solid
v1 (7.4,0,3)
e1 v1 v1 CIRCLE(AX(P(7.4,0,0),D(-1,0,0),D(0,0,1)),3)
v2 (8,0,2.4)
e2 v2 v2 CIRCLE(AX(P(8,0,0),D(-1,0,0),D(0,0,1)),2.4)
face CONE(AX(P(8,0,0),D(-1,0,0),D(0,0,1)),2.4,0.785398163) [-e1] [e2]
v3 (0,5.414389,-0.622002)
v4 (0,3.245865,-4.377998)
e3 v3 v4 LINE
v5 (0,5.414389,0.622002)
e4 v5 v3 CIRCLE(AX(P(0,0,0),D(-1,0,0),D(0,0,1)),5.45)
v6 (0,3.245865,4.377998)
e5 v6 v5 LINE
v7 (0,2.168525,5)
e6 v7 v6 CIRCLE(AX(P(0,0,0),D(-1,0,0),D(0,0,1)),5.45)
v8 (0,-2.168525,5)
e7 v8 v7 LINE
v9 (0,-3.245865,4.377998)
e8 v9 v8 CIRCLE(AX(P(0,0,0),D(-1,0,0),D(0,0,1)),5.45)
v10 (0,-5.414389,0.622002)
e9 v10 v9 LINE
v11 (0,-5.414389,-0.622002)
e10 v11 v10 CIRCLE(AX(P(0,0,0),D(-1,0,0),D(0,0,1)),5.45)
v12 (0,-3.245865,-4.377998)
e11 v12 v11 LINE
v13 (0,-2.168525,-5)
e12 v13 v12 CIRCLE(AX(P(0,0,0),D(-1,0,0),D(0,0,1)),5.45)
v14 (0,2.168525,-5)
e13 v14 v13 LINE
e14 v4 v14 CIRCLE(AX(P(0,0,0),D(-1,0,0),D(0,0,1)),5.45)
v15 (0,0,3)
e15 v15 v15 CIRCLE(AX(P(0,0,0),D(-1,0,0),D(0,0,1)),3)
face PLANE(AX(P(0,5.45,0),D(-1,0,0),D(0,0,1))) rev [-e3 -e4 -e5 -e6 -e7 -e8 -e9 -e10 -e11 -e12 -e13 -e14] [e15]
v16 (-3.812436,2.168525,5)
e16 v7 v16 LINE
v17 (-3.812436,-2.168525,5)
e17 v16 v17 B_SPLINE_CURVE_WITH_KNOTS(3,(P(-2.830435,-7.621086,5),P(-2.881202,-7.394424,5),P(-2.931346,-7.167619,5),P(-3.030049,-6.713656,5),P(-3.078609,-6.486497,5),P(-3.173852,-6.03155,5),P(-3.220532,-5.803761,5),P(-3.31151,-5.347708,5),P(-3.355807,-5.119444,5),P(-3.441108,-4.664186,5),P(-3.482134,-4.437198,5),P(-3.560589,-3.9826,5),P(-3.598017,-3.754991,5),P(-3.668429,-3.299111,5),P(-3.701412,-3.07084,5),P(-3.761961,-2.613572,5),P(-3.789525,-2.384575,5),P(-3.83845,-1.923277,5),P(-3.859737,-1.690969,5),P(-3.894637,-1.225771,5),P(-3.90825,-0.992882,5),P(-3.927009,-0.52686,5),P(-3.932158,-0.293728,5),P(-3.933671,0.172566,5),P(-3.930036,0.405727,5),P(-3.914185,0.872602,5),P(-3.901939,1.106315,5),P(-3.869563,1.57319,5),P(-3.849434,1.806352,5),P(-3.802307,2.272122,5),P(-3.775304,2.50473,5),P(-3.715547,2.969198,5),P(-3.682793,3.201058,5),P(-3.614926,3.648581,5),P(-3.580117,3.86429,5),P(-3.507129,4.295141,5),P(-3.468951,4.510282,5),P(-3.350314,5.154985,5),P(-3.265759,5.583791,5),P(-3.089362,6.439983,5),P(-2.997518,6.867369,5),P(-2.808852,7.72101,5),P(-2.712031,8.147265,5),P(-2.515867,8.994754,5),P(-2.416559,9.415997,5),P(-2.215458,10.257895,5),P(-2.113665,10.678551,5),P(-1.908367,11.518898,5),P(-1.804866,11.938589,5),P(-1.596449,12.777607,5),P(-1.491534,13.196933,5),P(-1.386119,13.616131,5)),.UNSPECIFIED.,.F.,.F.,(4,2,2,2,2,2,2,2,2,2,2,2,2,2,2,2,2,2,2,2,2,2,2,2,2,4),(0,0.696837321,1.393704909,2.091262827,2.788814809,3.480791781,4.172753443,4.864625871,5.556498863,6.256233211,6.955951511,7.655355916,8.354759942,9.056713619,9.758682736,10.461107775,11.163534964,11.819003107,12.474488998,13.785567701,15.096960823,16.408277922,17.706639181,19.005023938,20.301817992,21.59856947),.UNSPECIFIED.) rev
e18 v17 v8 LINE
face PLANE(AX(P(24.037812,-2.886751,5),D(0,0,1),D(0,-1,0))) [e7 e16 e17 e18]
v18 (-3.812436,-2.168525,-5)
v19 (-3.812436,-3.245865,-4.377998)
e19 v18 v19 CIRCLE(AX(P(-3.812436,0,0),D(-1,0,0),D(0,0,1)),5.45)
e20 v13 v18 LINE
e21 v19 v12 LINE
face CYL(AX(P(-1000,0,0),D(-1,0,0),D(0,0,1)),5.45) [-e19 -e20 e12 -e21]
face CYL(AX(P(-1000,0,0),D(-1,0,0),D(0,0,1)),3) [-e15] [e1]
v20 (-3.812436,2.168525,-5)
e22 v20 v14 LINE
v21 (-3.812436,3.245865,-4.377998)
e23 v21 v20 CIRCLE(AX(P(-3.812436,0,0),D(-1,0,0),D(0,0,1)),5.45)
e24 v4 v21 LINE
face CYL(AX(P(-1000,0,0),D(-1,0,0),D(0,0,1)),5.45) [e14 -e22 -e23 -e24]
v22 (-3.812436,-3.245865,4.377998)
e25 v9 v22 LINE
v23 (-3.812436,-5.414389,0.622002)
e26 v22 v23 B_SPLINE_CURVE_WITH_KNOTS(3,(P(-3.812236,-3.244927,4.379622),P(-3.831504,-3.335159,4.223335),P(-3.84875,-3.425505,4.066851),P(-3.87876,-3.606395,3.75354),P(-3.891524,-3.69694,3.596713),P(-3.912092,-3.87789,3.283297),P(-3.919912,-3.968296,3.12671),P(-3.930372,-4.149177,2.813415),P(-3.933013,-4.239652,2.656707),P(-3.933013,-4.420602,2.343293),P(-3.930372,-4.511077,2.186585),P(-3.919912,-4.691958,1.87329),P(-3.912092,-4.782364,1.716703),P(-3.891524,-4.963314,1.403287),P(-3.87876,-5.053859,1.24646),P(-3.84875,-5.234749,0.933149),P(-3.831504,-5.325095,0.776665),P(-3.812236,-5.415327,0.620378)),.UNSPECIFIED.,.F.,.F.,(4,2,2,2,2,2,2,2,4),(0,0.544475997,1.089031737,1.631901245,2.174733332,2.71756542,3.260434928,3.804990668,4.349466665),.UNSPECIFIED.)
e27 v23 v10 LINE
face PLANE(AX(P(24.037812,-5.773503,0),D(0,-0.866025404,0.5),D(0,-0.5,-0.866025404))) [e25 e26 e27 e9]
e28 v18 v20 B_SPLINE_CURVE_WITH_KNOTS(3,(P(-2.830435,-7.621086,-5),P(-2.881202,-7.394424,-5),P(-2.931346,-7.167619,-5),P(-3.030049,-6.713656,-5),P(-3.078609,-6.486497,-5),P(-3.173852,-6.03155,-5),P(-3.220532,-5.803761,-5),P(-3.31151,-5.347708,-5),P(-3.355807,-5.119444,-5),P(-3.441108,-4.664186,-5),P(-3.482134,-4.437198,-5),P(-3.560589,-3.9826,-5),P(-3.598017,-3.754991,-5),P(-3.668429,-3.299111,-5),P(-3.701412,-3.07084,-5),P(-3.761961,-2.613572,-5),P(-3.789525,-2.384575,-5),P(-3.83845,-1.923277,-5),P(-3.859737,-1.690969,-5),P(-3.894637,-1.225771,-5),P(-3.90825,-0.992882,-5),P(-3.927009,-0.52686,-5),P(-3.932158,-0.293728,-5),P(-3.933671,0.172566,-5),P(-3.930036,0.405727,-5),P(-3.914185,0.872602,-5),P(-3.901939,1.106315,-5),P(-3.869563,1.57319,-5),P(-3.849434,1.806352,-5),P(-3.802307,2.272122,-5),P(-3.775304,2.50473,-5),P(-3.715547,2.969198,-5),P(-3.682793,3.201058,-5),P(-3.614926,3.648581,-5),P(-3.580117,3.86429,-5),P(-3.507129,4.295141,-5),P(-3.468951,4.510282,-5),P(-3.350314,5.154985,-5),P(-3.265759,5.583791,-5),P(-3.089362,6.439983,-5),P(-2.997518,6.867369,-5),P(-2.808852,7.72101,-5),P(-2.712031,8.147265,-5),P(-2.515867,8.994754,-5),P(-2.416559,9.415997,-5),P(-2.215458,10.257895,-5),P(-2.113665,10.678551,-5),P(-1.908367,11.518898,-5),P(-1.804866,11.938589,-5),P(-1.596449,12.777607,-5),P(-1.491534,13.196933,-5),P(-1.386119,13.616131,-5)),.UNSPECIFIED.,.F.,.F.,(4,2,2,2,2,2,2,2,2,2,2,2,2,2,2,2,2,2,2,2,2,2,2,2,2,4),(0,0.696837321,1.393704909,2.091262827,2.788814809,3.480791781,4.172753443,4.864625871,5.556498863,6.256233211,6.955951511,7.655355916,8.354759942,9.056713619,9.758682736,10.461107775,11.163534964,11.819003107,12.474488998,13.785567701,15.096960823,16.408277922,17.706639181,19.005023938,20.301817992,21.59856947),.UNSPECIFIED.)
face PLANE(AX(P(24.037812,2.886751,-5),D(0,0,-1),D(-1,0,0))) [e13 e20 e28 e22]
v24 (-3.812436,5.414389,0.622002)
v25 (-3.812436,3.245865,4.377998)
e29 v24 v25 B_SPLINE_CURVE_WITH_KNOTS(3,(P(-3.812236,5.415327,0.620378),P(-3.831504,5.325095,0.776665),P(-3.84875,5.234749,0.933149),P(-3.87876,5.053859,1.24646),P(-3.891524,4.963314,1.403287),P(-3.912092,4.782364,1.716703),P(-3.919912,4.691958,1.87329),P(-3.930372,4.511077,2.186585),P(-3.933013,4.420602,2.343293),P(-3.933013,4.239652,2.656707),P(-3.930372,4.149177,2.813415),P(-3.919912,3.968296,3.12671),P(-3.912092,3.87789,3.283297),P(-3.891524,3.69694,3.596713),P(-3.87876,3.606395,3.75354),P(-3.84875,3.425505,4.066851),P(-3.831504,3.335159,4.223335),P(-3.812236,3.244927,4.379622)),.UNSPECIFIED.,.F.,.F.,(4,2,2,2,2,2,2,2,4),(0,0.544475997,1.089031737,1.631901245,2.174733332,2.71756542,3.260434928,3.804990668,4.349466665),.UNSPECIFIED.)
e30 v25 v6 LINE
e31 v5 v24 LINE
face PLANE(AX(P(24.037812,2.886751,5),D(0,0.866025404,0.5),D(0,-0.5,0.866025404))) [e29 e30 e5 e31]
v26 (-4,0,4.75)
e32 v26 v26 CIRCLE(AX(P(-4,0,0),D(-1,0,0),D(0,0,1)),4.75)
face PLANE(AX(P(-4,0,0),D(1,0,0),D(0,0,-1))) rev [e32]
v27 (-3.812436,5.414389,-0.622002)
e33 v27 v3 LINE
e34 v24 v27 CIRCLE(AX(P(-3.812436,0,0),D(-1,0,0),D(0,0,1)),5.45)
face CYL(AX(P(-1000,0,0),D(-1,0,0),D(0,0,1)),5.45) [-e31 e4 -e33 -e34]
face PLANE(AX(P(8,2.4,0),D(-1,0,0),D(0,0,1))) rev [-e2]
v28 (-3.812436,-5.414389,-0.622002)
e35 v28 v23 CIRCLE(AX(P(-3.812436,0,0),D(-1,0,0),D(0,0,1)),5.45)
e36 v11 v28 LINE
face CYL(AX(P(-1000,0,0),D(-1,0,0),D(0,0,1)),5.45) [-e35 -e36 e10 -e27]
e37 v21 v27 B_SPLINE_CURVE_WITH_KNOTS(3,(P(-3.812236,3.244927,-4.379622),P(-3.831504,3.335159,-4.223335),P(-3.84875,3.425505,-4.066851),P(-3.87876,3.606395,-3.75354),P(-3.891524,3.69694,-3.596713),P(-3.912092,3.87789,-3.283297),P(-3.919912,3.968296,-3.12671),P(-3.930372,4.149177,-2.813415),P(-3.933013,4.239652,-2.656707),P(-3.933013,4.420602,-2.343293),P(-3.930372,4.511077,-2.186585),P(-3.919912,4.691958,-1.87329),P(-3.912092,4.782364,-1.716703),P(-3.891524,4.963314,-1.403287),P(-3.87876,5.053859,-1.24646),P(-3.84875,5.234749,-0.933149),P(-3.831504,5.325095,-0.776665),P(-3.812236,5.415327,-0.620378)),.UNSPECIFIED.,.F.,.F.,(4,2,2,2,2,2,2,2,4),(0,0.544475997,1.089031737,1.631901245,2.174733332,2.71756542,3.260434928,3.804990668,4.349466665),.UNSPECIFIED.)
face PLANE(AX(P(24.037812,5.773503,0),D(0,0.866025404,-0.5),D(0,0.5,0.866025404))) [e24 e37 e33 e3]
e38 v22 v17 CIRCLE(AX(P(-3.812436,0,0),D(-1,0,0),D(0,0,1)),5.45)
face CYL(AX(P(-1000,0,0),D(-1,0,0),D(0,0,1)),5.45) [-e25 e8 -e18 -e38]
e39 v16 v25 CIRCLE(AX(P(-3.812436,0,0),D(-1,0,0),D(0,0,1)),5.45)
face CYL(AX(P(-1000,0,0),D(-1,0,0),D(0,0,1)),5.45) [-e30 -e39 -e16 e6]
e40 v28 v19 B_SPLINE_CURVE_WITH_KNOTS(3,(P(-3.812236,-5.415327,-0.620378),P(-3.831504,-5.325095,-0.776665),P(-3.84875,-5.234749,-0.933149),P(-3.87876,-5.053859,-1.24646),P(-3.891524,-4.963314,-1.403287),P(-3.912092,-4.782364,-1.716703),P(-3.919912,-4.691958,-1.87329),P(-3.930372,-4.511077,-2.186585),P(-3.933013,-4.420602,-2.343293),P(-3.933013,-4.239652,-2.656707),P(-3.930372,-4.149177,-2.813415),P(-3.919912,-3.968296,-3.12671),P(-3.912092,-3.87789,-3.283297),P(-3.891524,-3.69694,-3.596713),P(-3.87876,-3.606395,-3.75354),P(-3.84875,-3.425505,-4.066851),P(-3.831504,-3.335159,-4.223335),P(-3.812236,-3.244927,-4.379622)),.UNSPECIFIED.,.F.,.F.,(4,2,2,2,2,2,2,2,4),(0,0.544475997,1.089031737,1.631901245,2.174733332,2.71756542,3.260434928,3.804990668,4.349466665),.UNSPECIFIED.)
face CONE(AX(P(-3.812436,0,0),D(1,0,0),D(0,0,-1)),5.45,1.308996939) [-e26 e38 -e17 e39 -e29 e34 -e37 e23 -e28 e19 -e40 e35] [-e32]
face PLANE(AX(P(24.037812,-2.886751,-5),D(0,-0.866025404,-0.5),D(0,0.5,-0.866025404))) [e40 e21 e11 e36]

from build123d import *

# Parameters (mm, degrees)
SKETCH_2_OUTSIDE_W  = 16.808
SKETCH_2_OUTSIDE_H  = 16.808
CUT_EXTRUDE_1_DEPTH = 12


with BuildPart() as part:
    # Эскиз1 → Повернуть1 (revolve)
    with BuildSketch(Plane.XY):
        Polygon((-4, 0), (-4, 4.75), (-3.812435565, 5.45), (0, 5.45), (0, 3), (7.4, 3), (8, 2.4), (8, 0), align=None)
    revolve(axis=Axis((-1000, 0, 0), (1, 0, 0)))

    # Эскиз2 outside → Вырез-Вытянуть1 (cut)
    with BuildSketch(Plane.ZY.offset(4)):
        Rectangle(SKETCH_2_OUTSIDE_W, SKETCH_2_OUTSIDE_H)
        Polygon((0, 5.773502692), (-5, 2.886751346), (-5, -2.886751346), (0, -5.773502692), (5, -2.886751346), (5, 2.886751346), align=None, mode=Mode.SUBTRACT)
    extrude(amount=-CUT_EXTRUDE_1_DEPTH, mode=Mode.SUBTRACT)


solid = part.part
